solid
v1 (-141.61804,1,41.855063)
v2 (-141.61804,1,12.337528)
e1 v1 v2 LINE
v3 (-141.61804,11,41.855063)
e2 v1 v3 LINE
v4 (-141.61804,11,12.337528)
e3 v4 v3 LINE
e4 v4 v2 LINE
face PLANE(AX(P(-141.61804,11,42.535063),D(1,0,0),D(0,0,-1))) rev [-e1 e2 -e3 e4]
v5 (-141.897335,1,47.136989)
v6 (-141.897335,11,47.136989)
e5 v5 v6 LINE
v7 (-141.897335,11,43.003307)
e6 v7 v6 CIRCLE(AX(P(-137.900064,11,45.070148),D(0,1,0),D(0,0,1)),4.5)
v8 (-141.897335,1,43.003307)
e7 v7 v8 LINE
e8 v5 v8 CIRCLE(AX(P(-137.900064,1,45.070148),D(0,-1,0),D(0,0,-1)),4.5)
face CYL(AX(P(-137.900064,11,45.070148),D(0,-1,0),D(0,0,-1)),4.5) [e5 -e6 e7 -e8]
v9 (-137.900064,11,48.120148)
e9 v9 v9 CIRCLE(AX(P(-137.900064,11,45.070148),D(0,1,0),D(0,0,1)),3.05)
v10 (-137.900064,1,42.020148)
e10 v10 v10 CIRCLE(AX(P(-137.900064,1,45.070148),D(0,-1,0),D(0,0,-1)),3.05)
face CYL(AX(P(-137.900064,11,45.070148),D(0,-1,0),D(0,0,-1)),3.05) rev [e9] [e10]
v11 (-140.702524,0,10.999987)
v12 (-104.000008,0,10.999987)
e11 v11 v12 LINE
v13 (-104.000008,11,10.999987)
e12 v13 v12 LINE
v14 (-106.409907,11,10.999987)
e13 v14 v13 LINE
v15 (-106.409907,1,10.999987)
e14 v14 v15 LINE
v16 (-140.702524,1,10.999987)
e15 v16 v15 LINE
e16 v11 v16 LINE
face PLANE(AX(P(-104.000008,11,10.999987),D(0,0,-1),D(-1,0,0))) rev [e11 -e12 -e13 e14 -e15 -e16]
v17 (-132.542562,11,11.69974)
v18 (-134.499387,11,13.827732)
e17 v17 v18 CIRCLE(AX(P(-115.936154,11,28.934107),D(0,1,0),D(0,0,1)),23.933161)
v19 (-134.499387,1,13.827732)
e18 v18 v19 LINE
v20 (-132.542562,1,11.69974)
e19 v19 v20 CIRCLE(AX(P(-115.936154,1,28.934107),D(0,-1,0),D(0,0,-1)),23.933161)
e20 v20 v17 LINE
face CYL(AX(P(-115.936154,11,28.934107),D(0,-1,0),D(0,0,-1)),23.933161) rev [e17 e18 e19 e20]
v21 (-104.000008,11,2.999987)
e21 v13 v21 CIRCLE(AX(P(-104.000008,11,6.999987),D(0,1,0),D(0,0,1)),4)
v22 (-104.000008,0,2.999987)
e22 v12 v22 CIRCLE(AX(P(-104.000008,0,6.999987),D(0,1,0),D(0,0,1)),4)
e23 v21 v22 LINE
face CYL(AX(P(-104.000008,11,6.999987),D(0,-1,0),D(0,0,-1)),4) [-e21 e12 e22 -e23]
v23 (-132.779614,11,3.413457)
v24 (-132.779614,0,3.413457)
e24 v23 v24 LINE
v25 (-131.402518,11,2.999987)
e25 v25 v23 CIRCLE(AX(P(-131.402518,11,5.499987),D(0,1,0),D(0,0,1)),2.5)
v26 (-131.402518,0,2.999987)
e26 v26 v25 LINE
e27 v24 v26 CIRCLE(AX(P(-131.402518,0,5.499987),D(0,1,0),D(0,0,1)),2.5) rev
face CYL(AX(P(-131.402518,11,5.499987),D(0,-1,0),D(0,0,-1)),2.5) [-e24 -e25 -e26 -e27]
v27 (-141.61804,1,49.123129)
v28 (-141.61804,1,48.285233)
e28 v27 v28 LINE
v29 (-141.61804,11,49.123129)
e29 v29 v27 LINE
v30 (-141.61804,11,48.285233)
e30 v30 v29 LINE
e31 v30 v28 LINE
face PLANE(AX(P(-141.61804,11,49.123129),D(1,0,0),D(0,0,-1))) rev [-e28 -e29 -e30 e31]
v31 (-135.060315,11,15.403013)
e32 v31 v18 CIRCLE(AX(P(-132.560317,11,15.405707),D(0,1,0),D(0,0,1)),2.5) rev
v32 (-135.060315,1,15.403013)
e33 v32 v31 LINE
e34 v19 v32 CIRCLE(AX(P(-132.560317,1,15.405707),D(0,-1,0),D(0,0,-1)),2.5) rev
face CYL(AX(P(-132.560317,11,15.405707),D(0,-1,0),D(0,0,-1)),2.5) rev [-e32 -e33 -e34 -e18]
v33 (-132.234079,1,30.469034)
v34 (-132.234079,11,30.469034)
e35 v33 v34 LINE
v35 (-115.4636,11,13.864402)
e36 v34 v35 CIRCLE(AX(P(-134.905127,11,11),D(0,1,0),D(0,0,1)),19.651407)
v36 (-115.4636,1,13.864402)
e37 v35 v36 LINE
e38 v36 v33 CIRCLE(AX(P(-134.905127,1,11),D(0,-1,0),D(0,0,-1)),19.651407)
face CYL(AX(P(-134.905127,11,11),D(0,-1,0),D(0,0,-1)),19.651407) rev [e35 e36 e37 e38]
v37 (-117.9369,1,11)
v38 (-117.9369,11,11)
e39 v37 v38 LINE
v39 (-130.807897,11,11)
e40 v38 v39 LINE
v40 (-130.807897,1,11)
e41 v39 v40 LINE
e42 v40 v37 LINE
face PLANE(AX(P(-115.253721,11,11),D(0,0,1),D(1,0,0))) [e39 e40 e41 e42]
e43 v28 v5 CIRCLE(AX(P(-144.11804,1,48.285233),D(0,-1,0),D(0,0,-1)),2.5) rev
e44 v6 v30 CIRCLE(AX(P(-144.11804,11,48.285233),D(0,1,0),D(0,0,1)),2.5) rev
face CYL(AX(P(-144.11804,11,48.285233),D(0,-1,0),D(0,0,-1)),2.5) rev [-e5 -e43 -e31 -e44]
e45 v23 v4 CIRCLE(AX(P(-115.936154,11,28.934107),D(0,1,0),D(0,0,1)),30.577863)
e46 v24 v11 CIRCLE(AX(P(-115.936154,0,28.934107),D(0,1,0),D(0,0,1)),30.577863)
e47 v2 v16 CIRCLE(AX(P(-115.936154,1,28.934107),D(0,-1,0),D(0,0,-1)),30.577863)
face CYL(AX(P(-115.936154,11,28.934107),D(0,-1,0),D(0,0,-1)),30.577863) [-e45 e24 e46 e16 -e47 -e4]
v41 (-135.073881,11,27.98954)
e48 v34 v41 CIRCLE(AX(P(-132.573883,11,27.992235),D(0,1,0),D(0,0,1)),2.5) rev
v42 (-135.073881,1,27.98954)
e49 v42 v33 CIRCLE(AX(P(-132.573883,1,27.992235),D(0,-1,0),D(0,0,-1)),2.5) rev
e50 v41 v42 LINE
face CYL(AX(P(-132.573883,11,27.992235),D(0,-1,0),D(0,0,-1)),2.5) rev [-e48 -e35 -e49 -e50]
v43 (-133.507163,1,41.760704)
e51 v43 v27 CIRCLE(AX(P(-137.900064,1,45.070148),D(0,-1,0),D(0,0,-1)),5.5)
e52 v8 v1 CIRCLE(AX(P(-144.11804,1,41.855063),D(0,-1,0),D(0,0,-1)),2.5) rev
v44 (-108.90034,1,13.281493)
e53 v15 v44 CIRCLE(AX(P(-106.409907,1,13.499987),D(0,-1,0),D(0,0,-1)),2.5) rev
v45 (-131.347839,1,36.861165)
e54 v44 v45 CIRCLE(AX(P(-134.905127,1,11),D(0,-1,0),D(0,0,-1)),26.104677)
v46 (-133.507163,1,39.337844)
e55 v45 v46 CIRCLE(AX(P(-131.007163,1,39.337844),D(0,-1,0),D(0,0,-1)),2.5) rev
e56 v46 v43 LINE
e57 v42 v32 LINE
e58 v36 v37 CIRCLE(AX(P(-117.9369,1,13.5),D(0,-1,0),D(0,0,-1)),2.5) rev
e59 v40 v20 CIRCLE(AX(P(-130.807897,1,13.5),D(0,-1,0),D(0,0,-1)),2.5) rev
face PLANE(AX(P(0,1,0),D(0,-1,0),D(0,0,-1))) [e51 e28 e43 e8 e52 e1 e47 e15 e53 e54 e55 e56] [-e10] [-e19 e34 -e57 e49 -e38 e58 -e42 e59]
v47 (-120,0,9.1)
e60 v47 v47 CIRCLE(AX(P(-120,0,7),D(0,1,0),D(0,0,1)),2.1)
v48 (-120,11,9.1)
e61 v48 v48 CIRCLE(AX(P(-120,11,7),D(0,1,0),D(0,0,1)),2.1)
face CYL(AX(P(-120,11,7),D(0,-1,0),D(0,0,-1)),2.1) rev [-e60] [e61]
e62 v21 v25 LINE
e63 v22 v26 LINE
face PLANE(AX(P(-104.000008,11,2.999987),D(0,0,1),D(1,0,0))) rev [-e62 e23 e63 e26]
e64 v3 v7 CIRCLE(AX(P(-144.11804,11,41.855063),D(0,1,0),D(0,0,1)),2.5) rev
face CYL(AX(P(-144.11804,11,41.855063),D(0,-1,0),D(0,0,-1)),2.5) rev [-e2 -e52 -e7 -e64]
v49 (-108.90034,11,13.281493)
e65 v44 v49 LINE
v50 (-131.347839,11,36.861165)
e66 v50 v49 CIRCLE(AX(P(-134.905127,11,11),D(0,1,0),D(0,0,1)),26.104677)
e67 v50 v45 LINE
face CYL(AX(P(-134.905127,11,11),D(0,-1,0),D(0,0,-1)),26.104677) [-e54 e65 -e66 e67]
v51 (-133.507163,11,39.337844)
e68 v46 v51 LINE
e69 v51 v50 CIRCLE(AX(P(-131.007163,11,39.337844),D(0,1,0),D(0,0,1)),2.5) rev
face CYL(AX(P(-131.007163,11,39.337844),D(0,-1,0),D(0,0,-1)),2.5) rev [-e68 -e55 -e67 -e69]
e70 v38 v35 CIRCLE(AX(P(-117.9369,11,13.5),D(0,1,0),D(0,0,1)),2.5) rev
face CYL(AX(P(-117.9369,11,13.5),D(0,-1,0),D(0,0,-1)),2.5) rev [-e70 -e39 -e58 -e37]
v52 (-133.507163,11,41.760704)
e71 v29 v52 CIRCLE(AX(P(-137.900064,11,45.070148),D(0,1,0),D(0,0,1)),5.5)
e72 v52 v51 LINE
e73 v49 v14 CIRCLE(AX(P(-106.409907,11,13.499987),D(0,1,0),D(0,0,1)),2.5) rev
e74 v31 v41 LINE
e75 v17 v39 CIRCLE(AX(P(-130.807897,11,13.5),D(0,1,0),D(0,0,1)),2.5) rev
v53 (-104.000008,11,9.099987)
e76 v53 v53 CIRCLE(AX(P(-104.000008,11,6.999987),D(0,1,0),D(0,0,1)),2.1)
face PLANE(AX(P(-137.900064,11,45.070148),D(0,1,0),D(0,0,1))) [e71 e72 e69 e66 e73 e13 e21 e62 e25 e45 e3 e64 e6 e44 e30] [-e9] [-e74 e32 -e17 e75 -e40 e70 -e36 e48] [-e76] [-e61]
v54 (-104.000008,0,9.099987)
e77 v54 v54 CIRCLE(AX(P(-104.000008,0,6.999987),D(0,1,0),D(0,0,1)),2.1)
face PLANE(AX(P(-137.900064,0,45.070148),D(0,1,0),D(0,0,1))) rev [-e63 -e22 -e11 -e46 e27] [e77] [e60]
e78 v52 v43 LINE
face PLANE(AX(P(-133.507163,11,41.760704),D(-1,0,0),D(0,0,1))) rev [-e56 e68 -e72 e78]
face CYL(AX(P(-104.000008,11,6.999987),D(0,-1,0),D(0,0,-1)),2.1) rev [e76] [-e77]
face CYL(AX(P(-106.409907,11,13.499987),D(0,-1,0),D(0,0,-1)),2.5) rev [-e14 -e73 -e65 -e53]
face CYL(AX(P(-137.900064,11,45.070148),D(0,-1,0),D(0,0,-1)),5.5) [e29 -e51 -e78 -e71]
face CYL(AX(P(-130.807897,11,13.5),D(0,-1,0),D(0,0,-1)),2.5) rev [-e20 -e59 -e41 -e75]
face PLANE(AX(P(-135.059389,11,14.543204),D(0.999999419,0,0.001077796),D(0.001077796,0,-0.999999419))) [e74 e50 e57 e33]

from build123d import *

# Parameters (mm, degrees)
SKETCH1_R           = 2.1
SKETCH1_R_2         = 3.05
BOSS_EXTRUDE1_DEPTH = 11
FILLET1_R           = 2.5
SKETCH3_W           = 62.051099289
SKETCH3_H           = 53.114404745
CUT_EXTRUDE2_DEPTH  = 1


with BuildPart() as part:
    # Sketch1 → Boss-Extrude1 (new body)
    with BuildSketch(Plane(origin=(0, 0, 0), x_dir=(1, 0, 0), z_dir=(0, 1, 0))):
        with BuildLine():
            Line((-141.618040472, -49.123128832), (-141.618040472, -47.605232566))
            ThreePointArc((-141.618040472, -47.605232566), (-142.400064406, -45.070147956), (-141.618040472, -42.535063347))
            Line((-141.618040472, -42.535063347), (-141.618040472, -12.337528489))
            ThreePointArc((-141.618040472, -12.337528489), (-137.391041816, -7.146645093), (-132.135757115, -2.999987309))
            Line((-132.135757115, -2.999987309), (-104.000008179, -2.999987309))
            ThreePointArc((-104.000008179, -2.999987309), (-100.000008179, -6.999987309), (-104.000008179, -10.999987309))
            Line((-104.000008179, -10.999987309), (-108.800450344, -10.999987309))
            ThreePointArc((-108.800450344, -10.999987309), (-115.958519489, -28.95773414), (-133.507163129, -37.067218191))
            Line((-133.507163129, -37.067218191), (-133.507163129, -41.760704141))
            ThreePointArc((-133.507163129, -41.760704141), (-134.203416554, -49.142591284), (-141.618040472, -49.123128832))
        make_face()
        with Locations(Location((-104.000008179, -6.999987309, 0), (0, 0, 270))):
            Circle(SKETCH1_R, mode=Mode.SUBTRACT)
        with Locations(Location((-120, -7, 0), (0, 0, 270))):
            Circle(SKETCH1_R, mode=Mode.SUBTRACT)
        with Locations(Location((-137.900064406, -45.070147956, 0), (0, 0, 270))):
            Circle(SKETCH1_R_2, mode=Mode.SUBTRACT)
        with BuildLine():
            Line((-115.253720782, -11.000000067), (-131.784308422, -11.000000067))
            ThreePointArc((-131.784308422, -11.000000067), (-133.511366358, -12.688858412), (-135.059388776, -14.543204177))
            Line((-135.059388776, -14.543204177), (-135.07674933, -30.650657269))
            ThreePointArc((-135.07674933, -30.650657269), (-121.070295096, -24.956188563), (-115.253720782, -11.000000067))
        make_face(mode=Mode.SUBTRACT)
    extrude(amount=BOSS_EXTRUDE1_DEPTH)

    # Fillet1
    fillet1_edges = [part.edges().sort_by_distance(p)[0] for p in [
        (-141.618040472, 5.5, 47.605232566),
        (-141.618040472, 5.5, 42.535063347),
        (-132.135757115, 5.5, 2.999987309),
        (-108.800450344, 5.5, 10.999987309),
        (-133.507163129, 5.5, 37.067218191),
        (-135.07674933, 5.5, 30.650657269),
        (-115.253720782, 5.5, 11.000000067),
        (-131.784308422, 5.5, 11.000000067),
        (-135.059388776, 5.5, 14.543204177),
    ]]
    fillet(fillet1_edges, radius=FILLET1_R)

    # Sketch3 → Cut-Extrude2 (cut)
    with BuildSketch(Plane.XZ):
        with Locations((-120.556091454, 37.557189682)):
            Rectangle(SKETCH3_W, SKETCH3_H)
    extrude(amount=-CUT_EXTRUDE2_DEPTH, mode=Mode.SUBTRACT)


solid = part.part
